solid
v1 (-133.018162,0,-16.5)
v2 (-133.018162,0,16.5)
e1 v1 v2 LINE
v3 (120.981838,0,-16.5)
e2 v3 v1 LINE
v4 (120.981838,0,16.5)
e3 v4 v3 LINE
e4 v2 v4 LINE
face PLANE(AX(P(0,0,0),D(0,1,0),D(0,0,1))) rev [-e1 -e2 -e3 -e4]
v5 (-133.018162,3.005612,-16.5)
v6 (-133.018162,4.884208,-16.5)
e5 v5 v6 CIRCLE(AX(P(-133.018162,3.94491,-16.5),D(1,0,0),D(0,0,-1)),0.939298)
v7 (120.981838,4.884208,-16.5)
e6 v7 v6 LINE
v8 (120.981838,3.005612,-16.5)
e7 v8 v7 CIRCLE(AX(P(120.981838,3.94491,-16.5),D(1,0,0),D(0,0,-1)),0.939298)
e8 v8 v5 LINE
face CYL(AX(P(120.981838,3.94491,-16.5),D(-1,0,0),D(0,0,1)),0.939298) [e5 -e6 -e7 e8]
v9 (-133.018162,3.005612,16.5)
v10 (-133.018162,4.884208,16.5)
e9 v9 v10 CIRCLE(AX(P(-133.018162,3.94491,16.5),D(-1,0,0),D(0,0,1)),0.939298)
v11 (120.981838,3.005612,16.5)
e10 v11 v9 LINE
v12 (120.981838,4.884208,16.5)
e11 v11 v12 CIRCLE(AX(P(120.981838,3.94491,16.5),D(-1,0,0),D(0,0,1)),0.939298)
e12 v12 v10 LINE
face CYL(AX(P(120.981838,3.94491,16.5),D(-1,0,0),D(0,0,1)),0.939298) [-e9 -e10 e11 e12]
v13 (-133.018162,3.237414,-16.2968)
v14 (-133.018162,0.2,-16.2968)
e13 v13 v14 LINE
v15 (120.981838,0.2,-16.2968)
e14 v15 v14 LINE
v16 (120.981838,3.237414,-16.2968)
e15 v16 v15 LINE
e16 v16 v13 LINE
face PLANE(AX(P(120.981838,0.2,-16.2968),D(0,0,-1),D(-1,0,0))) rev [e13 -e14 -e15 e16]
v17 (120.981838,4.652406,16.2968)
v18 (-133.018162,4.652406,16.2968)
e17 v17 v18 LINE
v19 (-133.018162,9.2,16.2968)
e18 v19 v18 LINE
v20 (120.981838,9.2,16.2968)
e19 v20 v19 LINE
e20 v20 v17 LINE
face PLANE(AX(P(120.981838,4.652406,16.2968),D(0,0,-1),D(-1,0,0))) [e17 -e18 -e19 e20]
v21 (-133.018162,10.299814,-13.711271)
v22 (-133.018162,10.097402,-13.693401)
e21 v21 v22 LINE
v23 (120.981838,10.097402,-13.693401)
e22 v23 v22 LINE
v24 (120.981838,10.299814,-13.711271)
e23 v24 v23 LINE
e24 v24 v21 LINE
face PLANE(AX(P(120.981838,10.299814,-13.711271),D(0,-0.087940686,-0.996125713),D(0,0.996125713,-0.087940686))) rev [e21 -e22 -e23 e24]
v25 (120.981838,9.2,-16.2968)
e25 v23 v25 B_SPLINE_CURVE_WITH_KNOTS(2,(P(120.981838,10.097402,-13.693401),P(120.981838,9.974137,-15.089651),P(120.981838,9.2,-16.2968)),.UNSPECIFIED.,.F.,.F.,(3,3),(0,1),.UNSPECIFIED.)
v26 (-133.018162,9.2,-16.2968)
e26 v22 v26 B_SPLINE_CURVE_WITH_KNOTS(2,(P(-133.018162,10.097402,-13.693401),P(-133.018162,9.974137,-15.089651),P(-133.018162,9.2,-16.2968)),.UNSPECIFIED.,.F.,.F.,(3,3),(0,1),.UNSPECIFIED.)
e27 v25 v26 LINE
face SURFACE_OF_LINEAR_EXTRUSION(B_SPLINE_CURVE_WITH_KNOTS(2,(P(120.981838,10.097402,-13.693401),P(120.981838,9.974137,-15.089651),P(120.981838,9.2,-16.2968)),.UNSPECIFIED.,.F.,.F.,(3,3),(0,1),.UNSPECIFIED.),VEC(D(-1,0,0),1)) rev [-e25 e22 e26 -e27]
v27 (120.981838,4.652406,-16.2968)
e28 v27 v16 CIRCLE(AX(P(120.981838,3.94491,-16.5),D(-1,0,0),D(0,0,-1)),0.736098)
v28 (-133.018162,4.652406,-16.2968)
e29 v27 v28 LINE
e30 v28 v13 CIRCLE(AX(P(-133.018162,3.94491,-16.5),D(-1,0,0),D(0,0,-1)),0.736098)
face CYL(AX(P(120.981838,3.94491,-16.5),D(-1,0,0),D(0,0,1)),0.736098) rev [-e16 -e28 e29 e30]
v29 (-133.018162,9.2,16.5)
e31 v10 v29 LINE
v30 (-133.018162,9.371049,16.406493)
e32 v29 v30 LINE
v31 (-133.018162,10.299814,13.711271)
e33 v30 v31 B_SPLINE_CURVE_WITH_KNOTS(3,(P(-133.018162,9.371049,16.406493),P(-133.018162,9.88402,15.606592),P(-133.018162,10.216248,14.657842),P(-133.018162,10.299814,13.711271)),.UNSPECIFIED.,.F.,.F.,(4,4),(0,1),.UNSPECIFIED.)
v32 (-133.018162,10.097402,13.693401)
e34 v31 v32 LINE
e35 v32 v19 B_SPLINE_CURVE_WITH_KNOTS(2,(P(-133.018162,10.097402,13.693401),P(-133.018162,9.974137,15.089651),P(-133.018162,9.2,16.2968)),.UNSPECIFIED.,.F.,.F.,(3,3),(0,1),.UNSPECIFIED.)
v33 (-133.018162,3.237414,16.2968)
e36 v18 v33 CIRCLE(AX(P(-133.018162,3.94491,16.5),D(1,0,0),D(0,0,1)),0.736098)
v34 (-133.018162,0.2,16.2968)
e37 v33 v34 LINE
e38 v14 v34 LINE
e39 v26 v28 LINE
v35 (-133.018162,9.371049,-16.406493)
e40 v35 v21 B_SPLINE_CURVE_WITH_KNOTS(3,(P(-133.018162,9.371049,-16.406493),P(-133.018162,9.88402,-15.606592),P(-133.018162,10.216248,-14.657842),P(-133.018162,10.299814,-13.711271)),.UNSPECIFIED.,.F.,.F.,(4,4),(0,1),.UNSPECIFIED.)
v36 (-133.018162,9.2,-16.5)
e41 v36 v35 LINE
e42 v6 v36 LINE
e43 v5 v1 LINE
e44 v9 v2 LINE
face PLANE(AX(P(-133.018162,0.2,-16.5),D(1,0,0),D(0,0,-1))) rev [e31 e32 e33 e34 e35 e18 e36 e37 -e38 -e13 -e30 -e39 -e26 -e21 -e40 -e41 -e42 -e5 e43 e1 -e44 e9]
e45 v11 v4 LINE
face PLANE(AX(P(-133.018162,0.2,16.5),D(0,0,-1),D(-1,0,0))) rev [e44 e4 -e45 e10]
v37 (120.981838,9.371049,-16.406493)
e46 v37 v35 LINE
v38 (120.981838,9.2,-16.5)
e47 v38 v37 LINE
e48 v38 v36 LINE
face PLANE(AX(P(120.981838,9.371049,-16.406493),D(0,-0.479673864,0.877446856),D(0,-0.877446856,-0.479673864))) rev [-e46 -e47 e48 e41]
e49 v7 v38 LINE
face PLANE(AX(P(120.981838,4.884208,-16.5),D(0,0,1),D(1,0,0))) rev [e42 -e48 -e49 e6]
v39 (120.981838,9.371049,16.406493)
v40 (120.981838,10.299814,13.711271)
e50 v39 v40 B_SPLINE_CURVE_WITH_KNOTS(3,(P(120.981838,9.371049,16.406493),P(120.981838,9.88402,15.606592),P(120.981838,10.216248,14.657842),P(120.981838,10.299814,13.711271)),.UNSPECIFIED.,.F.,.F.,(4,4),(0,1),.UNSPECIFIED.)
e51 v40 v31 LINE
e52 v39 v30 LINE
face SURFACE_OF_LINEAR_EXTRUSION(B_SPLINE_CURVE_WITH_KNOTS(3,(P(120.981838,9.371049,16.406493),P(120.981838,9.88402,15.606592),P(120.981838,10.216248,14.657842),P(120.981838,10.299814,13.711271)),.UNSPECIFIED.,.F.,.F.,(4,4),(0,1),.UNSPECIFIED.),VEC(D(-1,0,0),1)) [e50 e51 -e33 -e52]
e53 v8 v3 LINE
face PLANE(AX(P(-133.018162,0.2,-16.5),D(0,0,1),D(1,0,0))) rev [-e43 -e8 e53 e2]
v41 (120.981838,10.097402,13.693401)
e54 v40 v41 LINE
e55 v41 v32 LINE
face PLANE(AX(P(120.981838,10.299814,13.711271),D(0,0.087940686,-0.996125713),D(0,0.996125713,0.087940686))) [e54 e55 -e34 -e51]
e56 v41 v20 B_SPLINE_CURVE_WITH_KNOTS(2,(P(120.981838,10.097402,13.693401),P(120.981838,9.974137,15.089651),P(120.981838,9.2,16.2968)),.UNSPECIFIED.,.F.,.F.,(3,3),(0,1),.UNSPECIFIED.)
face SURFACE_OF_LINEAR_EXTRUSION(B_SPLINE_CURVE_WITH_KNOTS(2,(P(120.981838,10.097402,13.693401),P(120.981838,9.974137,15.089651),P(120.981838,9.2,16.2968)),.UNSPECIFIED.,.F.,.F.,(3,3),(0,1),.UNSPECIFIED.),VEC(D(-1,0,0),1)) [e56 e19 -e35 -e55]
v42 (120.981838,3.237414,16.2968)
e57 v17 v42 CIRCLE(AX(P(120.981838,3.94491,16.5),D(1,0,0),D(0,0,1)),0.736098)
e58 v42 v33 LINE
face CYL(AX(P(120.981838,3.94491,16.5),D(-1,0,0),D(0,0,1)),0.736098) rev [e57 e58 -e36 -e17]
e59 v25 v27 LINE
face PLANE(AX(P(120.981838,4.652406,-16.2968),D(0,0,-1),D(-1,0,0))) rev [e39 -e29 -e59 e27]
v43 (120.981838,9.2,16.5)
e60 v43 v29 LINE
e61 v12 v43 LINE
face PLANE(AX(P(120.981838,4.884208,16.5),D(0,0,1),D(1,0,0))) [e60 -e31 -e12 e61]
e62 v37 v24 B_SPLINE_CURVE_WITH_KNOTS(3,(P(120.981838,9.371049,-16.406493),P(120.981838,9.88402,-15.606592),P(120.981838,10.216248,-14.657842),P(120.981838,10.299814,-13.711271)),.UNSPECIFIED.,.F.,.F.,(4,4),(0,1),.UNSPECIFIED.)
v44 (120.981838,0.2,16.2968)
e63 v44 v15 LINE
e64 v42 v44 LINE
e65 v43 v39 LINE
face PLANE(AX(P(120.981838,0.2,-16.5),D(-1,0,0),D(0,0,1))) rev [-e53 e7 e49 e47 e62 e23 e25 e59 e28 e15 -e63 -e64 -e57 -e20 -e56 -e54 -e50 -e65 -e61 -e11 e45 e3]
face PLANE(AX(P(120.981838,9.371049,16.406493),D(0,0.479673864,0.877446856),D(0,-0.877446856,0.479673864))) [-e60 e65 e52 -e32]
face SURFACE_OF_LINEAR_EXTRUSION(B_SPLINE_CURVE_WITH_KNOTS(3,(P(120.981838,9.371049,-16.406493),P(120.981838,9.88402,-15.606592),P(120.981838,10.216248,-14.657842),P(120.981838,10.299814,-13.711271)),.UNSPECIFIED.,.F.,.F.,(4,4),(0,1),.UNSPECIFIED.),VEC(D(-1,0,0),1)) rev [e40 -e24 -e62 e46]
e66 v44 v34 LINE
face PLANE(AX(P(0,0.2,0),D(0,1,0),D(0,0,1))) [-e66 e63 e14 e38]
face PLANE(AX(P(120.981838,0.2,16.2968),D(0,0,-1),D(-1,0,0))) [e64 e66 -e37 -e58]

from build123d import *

# Parameters (mm, degrees)
SKETCH1_W           = 254
SKETCH1_H           = 33
BOSS_EXTRUDE1_DEPTH = 0.2
BOSS_EXTRUDE2_DEPTH = 254


with BuildPart() as part:
    # Sketch1 → Boss-Extrude1 (new body)
    with BuildSketch(Plane(origin=(0, 0, 0), x_dir=(1, 0, 0), z_dir=(0, 1, 0))):
        with Locations((-6.018162295, 0)):
            Rectangle(SKETCH1_W, SKETCH1_H)
    extrude(amount=BOSS_EXTRUDE1_DEPTH)

    # Sketch4 → Boss-Extrude2 (add)
    with BuildSketch(Plane(origin=(-133.018162295, 0, 0), x_dir=(0, 0, -1), z_dir=(1, 0, 0))):
        with BuildLine():
            Line((16.5, 0.2), (16.5, 3.005611905))
            ThreePointArc((16.5, 3.005611905), (17.439298034, 3.944909939), (16.5, 4.884207973))
            Line((16.5, 4.884207973), (16.5, 9.2))
            Line((16.5, 9.2), (16.406492637, 9.371049015))
            add(Edge.make_bspline(
                [(16.406492637, 9.371049015), (15.606591952, 9.884020198), (14.657842295, 10.216248434), (13.711270965, 10.299814324)],
                knots=[0, 0, 0, 0, 1, 1, 1, 1], degree=3))
            Line((13.711270965, 10.299814324), (13.693401418, 10.097401579))
            add(Edge.make_bspline(
                [(16.2968, 9.2), (15.089651085, 9.974136863), (13.693401418, 10.097401579)],
                knots=[0, 0, 0, 1, 1, 1], degree=2))
            Line((16.2968, 9.2), (16.2968, 4.652405576))
            ThreePointArc((16.2968, 4.652405576), (17.236098034, 3.944909939), (16.2968, 3.237414303))
            Line((16.2968, 3.237414303), (16.2968, 0.2))
            Line((16.2968, 0.2), (16.5, 0.2))
        make_face()
    boss_extrude2 = extrude(amount=BOSS_EXTRUDE2_DEPTH)

    # Mirror1: Boss-Extrude2 across plane
    add(boss_extrude2.mirror(Plane.XY))


solid = part.part
